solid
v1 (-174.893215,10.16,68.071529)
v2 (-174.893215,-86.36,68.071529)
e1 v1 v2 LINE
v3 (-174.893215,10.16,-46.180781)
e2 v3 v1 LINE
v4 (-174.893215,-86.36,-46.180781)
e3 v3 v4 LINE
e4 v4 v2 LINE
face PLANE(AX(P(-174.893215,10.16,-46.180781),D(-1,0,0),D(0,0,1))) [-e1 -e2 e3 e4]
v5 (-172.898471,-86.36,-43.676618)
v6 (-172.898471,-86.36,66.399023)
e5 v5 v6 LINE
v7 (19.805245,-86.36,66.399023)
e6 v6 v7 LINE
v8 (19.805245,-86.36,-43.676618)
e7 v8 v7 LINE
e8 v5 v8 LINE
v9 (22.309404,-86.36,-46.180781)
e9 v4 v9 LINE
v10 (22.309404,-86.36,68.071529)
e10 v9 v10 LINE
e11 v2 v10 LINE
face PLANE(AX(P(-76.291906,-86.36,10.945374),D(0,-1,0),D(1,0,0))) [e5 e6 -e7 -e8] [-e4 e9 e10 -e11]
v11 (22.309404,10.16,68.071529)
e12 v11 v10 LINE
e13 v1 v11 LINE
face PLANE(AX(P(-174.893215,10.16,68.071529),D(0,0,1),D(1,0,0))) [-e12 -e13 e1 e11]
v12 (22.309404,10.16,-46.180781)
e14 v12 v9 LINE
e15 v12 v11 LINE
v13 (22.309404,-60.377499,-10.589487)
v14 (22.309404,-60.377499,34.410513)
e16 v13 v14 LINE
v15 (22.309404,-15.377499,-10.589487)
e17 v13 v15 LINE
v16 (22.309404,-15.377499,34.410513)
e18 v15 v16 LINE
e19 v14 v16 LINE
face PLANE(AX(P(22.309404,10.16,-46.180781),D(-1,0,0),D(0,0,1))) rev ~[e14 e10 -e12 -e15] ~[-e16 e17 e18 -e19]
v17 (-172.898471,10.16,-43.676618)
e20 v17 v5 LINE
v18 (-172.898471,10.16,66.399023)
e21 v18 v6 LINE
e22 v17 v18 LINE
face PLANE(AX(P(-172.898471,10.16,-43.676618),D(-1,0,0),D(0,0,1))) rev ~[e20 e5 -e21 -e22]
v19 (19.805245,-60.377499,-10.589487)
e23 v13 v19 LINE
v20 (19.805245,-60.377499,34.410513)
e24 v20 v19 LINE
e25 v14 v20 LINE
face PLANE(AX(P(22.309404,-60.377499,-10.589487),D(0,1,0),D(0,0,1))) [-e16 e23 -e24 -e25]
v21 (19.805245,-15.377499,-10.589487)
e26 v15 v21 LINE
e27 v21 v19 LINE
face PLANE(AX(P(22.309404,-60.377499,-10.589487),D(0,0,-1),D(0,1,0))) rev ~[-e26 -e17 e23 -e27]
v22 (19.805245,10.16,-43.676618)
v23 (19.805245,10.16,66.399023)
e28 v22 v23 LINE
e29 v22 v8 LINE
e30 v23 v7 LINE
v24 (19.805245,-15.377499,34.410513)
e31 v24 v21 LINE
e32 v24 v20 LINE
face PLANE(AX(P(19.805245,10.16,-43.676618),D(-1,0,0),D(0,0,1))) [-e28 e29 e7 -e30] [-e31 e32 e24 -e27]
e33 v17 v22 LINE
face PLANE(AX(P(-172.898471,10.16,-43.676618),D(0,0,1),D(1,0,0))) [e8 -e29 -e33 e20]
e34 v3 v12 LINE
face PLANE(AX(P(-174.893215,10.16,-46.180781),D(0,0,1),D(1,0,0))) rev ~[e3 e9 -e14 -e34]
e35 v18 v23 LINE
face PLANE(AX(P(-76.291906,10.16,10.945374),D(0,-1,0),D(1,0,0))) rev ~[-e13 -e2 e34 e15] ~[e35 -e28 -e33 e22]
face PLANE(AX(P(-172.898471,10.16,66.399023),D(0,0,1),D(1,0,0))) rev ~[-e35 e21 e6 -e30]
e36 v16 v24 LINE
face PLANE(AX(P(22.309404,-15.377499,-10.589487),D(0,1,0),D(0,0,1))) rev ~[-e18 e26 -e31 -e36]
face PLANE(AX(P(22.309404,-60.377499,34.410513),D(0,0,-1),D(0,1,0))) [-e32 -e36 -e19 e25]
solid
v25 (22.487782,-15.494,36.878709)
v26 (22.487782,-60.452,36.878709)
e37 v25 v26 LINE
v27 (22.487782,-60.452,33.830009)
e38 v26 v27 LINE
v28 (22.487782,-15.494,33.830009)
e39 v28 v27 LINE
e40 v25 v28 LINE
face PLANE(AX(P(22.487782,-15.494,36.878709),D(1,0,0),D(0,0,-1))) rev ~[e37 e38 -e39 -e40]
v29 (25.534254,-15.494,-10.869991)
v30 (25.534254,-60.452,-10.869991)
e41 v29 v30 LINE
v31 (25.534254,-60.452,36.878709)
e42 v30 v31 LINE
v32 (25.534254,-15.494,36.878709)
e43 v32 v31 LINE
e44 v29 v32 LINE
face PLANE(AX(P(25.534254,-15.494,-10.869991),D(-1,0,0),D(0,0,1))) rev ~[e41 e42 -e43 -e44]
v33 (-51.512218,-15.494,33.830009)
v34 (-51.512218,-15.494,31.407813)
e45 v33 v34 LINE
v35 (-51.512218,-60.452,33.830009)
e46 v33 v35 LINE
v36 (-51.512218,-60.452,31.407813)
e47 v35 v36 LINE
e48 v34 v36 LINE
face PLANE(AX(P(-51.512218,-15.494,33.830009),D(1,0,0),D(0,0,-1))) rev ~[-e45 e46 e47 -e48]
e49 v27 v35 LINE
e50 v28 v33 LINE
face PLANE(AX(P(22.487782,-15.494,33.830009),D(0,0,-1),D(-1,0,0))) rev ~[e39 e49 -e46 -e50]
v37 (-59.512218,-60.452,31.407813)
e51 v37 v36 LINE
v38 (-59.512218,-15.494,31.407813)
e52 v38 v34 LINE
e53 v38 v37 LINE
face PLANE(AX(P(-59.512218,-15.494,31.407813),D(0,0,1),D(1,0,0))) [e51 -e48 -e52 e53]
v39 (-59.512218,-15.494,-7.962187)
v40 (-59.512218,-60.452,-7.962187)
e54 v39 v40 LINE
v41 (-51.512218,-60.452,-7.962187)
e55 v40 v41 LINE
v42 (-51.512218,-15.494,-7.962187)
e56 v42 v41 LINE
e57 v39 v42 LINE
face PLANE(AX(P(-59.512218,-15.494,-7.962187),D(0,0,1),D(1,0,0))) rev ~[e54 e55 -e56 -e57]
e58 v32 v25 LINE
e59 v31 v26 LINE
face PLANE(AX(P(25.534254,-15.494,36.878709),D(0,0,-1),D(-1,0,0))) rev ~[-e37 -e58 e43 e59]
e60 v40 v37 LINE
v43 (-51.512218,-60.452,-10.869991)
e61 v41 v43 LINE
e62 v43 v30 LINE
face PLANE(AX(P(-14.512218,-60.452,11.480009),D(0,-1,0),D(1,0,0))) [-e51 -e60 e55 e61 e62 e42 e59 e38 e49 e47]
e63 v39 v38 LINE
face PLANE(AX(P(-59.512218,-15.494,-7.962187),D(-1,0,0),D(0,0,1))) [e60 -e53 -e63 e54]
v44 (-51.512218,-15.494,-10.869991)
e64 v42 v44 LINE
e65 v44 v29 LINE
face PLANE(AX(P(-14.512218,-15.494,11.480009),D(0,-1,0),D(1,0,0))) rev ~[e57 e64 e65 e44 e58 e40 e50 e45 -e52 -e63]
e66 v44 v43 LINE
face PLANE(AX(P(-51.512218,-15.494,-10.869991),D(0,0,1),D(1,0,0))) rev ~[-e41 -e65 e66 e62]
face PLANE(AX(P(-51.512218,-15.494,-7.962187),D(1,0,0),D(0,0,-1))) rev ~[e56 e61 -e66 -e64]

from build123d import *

# Parameters (mm, degrees)
F0_W      = 8
F0_H      = 39.37
F1_DEPTH  = 45
F2_W      = 200
F2_H      = 90
F2_W_2    = 196.1686834693
F2_H_2    = 85.9658196568
F3_DEPTH  = 120
F5_DEPTH  = 44.958
F7_W      = 197.2026191652
F7_H      = 114.2523102462
F7_W_2    = 192.7037164569
F7_H_2    = 110.0756414235
F8_DEPTH  = 96.52
F10_W     = 45
F10_H     = 45
F11_DEPTH = 25.4


with BuildPart() as f1:
    # F0 (on Front) → F1 (new body)
    with BuildSketch(Plane.XZ):
        Polygon((22.4877819419, 9.1920092247), (-51.5122180581, 9.1920092247), (-51.5122180581, 6.7698132348), (-51.5122180581, -32.6001867652), (-51.5122180581, -35.5079907753), (22.4877819419, -35.5079907753), align=None)
        with Locations((-55.5122180581, -12.9151867652)):
            Rectangle(F0_W, F0_H)
        Polygon((22.4877819419, 12.2407088056), (22.4877819419, 9.1920092247), (22.4877819419, -35.5079907753), (25.5342535675, -35.5079907753), (25.5342535675, 12.2407088056), align=None)
    extrude(amount=F1_DEPTH)

    # F2 (on Front) → F3 (join)
    with BuildSketch(Plane.XZ):
        with Locations((-77.9414363205, -12.331022647)):
            Rectangle(F2_W, F2_H)
        with Locations((-77.8260696679, -12.3739996925)):
            Rectangle(F2_W_2, F2_H_2, mode=Mode.SUBTRACT)
    extrude(amount=F3_DEPTH)


with BuildPart() as f1_1:
    # F4: moved
    add(f1.part.moved(Location((0, 20.574, 0))))


with BuildPart() as f5:
    # F0 (on Front) → F5 (new body)
    with BuildSketch(Plane.XZ):
        Polygon((22.4877819419, 9.1920092247), (-51.5122180581, 9.1920092247), (-51.5122180581, 6.7698132348), (-51.5122180581, -32.6001867652), (-51.5122180581, -35.5079907753), (22.4877819419, -35.5079907753), align=None)
        Polygon((22.4877819419, 12.2407088056), (22.4877819419, 9.1920092247), (22.4877819419, -35.5079907753), (25.5342535675, -35.5079907753), (25.5342535675, 12.2407088056), align=None)
        with Locations((-55.5122180581, -12.9151867652)):
            Rectangle(F0_W, F0_H)
    extrude(amount=F5_DEPTH)


with BuildPart() as f8:
    # F7 (on Front) → F8 (new body)
    with BuildSketch(Plane.XZ):
        with Locations((-76.2919057161, 10.9453741461)):
            Rectangle(F7_W, F7_H)
        with Locations((-76.546613127, 11.3612022251)):
            Rectangle(F7_W_2, F7_H_2, mode=Mode.SUBTRACT)
    extrude(amount=F8_DEPTH)


with BuildPart() as f8_1:
    # F9: moved
    add(f8.part.moved(Location((0, 10.16, 0))))

    # F10 (on face) → F11 (cut)
    with BuildSketch(Plane.YZ.offset(22.3094038665)):
        with Locations((-37.8774991259, 11.9105134565)):
            Rectangle(F10_W, F10_H)
    extrude(amount=-F11_DEPTH, mode=Mode.SUBTRACT)


with BuildPart() as f5_1:
    # F12: moved
    add(f5.part.moved(Location((0, -15.494, 24.638))))


solid = Compound([f8_1.part, f5_1.part])
